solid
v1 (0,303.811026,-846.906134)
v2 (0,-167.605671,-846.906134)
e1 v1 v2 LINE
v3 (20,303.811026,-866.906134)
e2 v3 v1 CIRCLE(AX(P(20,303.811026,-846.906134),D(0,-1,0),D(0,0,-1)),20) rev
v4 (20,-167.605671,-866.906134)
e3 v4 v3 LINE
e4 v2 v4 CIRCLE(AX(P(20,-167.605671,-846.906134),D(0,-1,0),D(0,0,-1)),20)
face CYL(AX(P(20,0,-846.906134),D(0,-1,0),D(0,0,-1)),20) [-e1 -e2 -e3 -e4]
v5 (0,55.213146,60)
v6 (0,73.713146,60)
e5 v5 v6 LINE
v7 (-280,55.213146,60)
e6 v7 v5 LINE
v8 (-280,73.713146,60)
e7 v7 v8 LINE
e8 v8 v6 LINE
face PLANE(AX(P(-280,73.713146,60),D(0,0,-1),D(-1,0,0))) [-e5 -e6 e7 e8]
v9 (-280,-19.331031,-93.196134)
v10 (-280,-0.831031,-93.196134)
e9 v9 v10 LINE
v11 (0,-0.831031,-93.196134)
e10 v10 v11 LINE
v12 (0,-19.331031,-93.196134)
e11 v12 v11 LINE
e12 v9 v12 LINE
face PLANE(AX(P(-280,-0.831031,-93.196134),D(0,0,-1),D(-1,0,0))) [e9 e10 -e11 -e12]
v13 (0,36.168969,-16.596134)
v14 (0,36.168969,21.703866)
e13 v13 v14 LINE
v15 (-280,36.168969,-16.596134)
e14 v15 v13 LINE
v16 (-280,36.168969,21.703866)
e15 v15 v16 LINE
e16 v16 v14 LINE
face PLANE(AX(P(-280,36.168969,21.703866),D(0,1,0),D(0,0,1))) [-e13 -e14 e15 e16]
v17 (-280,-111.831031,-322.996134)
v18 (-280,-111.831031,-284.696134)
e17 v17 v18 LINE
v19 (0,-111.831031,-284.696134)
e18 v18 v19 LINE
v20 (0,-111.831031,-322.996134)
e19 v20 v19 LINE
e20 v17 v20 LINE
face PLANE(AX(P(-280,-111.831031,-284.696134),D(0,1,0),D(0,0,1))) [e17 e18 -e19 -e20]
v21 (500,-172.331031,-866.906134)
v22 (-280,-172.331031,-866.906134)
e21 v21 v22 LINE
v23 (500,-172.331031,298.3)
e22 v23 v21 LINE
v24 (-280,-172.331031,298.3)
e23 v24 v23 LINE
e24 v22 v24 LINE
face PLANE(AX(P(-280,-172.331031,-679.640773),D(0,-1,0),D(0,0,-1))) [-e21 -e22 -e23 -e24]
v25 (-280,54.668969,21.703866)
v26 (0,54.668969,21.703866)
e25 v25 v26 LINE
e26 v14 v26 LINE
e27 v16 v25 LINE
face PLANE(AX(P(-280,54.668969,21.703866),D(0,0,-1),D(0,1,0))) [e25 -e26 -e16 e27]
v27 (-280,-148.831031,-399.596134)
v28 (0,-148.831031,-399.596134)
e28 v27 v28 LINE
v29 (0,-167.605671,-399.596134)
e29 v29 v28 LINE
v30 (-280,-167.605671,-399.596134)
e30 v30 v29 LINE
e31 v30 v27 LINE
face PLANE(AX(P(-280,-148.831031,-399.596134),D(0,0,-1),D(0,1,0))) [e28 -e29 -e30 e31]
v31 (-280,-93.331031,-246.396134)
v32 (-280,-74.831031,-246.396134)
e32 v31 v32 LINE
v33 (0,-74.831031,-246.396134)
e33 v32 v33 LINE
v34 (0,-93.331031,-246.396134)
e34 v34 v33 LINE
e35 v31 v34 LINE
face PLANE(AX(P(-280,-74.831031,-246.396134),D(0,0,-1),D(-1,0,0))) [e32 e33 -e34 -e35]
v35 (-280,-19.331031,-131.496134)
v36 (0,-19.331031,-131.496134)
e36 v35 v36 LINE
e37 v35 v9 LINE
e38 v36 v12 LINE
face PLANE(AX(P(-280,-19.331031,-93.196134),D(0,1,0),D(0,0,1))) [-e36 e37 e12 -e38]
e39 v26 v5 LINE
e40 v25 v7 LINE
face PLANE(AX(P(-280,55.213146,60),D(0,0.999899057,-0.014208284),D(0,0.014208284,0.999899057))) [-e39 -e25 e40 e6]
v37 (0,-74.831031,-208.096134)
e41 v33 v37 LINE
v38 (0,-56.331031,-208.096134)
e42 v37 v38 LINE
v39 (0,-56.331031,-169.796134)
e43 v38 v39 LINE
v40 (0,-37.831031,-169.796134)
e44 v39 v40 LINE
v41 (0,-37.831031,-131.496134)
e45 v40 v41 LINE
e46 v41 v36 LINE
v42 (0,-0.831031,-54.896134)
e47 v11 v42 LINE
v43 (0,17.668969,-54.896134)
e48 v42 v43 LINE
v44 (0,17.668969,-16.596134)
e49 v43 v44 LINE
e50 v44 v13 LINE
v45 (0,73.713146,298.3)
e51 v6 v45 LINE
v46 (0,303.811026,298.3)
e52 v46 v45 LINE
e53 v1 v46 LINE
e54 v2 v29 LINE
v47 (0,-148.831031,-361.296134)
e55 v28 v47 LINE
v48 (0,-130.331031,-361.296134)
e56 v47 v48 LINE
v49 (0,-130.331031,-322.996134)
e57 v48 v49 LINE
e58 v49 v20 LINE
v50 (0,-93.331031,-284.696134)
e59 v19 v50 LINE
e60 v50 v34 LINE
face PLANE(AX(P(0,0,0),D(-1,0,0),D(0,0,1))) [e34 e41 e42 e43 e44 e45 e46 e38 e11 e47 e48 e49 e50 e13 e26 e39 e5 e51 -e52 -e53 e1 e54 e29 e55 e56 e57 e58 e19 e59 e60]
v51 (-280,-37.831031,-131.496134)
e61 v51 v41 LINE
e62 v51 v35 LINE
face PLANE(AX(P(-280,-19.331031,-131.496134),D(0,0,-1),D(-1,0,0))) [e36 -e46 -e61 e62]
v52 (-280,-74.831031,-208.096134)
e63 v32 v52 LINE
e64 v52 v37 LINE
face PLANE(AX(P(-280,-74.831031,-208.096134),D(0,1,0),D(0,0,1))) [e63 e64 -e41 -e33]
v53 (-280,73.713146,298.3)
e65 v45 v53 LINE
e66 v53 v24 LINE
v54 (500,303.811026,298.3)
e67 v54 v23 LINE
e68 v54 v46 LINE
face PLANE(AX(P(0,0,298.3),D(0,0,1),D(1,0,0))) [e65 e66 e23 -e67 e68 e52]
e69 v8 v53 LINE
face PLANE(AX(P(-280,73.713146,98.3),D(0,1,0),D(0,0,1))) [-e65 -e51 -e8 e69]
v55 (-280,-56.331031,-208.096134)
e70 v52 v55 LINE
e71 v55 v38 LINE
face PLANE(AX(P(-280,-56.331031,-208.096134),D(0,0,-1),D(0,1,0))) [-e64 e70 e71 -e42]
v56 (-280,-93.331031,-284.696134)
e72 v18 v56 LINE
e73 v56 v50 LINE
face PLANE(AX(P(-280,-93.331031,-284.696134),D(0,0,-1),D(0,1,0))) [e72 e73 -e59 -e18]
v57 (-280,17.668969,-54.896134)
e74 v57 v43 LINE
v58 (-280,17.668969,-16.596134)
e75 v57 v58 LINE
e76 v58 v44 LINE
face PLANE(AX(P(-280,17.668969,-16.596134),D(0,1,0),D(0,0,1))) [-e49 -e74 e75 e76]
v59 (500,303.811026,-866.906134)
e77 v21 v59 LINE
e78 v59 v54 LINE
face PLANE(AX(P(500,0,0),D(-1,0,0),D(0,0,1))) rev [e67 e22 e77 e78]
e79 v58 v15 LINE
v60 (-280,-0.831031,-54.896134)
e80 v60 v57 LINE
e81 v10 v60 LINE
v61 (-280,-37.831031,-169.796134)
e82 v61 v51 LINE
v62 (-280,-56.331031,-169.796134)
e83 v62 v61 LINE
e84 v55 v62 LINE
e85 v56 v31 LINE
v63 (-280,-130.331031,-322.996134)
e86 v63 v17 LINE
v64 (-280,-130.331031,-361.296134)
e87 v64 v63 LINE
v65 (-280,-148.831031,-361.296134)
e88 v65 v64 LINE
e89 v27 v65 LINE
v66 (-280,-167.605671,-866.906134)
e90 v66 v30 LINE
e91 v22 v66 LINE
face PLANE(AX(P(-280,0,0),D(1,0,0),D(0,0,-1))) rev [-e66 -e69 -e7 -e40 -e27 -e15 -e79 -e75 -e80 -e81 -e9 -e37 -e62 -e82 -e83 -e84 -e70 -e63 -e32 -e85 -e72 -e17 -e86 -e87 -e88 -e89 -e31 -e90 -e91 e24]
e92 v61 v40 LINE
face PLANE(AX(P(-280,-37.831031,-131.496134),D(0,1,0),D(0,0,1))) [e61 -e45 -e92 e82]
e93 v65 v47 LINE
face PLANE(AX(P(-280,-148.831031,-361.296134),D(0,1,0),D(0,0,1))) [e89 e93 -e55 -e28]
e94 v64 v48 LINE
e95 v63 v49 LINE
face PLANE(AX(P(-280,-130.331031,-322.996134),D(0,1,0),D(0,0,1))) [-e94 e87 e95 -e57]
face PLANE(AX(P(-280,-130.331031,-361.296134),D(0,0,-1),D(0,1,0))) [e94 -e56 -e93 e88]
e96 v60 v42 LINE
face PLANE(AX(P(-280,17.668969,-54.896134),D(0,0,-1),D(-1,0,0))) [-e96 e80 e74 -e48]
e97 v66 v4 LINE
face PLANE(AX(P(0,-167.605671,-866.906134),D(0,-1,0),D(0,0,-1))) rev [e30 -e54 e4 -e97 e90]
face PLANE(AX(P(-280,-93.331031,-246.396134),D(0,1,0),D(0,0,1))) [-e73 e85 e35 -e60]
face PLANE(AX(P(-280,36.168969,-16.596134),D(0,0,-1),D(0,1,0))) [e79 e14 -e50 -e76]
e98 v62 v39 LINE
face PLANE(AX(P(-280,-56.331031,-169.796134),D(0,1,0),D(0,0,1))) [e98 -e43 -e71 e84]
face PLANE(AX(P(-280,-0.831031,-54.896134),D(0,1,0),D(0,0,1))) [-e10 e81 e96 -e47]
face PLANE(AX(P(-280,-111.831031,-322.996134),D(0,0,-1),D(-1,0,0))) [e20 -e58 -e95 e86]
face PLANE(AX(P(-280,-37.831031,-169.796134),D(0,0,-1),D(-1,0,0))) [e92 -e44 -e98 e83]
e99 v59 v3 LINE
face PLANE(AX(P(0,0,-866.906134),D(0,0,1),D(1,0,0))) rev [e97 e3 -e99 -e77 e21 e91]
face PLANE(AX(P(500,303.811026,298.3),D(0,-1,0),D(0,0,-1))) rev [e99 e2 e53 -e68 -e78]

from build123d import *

# Parameters (mm, degrees)
BOSS_EXTRUDE1_DEPTH = 280
SKETCH2_W           = 280
SKETCH2_H           = 5
BOSS_EXTRUDE2_DEPTH = 497.896133892
SKETCH3_W           = 280
SKETCH3_H           = 246.044177264
BOSS_EXTRUDE3_DEPTH = 200
SKETCH4_W           = 280
SKETCH4_H           = 4.725360331
BOSS_EXTRUDE4_DEPTH = 467.31
SKETCH5_W           = 1165.206133892
SKETCH5_H           = 476.142057012
BOSS_EXTRUDE5_DEPTH = 500
FILLET1_R           = 20


with BuildPart() as part:
    # Sketch1 → Boss-Extrude1 (new body)
    with BuildSketch(Plane(origin=(0, 0, 0), x_dir=(0, 0, -1), z_dir=(1, 0, 0))):
        Polygon((-98.3, 73.71314577), (-60, 73.71314577), (-60, 55.21314577), (-21.703866108, 54.668968506), (-21.703866108, 36.168968506), (16.596133892, 36.168968506), (16.596133892, 17.668968506), (54.896133892, 17.668968506), (54.896133892, -0.831031494), (93.196133892, -0.831031494), (93.196133892, -19.331031494), (131.496133892, -19.331031494), (131.496133892, -37.831031494), (169.796133892, -37.831031494), (169.796133892, -56.331031494), (208.096133892, -56.331031494), (208.096133892, -74.831031494), (246.396133892, -74.831031494), (246.396133892, -93.331031494), (284.696133892, -93.331031494), (284.696133892, -111.831031494), (322.996133892, -111.831031494), (322.996133892, -130.331031494), (361.296133892, -130.331031494), (361.296133892, -148.831031494), (399.596133892, -148.831031494), (399.596133892, -167.331031494), (-98.3, -167.331031494), align=None)
    extrude(amount=-BOSS_EXTRUDE1_DEPTH)

    # Sketch2 → Boss-Extrude2 (add)
    with BuildSketch(Plane.XY.offset(98.3)):
        with Locations((-140, -169.831031494)):
            Rectangle(SKETCH2_W, SKETCH2_H)
    extrude(amount=-BOSS_EXTRUDE2_DEPTH)

    # Sketch3 → Boss-Extrude3 (add)
    with BuildSketch(Plane.XY.offset(98.3)):
        with Locations((-140, -49.308942862)):
            Rectangle(SKETCH3_W, SKETCH3_H)
    extrude(amount=BOSS_EXTRUDE3_DEPTH)

    # Sketch4 → Boss-Extrude4 (add)
    with BuildSketch(Plane(origin=(0, 0, -399.596133892), x_dir=(-1, 0, 0), z_dir=(0, 0, -1))):
        with Locations((140, -169.968351329)):
            Rectangle(SKETCH4_W, SKETCH4_H)
    extrude(amount=BOSS_EXTRUDE4_DEPTH)

    # Sketch5 → Boss-Extrude5 (add)
    with BuildSketch(Plane(origin=(0, 0, 0), x_dir=(0, 0, -1), z_dir=(1, 0, 0))):
        with Locations((284.303066946, 65.739997012)):
            Rectangle(SKETCH5_W, SKETCH5_H)
    extrude(amount=BOSS_EXTRUDE5_DEPTH)

    # Fillet1
    fillet1_edges = [part.edges().sort_by_distance(p)[0] for p in [
        (0, 68.102677177, -866.906133892),
    ]]
    fillet(fillet1_edges, radius=FILLET1_R)


solid = part.part
